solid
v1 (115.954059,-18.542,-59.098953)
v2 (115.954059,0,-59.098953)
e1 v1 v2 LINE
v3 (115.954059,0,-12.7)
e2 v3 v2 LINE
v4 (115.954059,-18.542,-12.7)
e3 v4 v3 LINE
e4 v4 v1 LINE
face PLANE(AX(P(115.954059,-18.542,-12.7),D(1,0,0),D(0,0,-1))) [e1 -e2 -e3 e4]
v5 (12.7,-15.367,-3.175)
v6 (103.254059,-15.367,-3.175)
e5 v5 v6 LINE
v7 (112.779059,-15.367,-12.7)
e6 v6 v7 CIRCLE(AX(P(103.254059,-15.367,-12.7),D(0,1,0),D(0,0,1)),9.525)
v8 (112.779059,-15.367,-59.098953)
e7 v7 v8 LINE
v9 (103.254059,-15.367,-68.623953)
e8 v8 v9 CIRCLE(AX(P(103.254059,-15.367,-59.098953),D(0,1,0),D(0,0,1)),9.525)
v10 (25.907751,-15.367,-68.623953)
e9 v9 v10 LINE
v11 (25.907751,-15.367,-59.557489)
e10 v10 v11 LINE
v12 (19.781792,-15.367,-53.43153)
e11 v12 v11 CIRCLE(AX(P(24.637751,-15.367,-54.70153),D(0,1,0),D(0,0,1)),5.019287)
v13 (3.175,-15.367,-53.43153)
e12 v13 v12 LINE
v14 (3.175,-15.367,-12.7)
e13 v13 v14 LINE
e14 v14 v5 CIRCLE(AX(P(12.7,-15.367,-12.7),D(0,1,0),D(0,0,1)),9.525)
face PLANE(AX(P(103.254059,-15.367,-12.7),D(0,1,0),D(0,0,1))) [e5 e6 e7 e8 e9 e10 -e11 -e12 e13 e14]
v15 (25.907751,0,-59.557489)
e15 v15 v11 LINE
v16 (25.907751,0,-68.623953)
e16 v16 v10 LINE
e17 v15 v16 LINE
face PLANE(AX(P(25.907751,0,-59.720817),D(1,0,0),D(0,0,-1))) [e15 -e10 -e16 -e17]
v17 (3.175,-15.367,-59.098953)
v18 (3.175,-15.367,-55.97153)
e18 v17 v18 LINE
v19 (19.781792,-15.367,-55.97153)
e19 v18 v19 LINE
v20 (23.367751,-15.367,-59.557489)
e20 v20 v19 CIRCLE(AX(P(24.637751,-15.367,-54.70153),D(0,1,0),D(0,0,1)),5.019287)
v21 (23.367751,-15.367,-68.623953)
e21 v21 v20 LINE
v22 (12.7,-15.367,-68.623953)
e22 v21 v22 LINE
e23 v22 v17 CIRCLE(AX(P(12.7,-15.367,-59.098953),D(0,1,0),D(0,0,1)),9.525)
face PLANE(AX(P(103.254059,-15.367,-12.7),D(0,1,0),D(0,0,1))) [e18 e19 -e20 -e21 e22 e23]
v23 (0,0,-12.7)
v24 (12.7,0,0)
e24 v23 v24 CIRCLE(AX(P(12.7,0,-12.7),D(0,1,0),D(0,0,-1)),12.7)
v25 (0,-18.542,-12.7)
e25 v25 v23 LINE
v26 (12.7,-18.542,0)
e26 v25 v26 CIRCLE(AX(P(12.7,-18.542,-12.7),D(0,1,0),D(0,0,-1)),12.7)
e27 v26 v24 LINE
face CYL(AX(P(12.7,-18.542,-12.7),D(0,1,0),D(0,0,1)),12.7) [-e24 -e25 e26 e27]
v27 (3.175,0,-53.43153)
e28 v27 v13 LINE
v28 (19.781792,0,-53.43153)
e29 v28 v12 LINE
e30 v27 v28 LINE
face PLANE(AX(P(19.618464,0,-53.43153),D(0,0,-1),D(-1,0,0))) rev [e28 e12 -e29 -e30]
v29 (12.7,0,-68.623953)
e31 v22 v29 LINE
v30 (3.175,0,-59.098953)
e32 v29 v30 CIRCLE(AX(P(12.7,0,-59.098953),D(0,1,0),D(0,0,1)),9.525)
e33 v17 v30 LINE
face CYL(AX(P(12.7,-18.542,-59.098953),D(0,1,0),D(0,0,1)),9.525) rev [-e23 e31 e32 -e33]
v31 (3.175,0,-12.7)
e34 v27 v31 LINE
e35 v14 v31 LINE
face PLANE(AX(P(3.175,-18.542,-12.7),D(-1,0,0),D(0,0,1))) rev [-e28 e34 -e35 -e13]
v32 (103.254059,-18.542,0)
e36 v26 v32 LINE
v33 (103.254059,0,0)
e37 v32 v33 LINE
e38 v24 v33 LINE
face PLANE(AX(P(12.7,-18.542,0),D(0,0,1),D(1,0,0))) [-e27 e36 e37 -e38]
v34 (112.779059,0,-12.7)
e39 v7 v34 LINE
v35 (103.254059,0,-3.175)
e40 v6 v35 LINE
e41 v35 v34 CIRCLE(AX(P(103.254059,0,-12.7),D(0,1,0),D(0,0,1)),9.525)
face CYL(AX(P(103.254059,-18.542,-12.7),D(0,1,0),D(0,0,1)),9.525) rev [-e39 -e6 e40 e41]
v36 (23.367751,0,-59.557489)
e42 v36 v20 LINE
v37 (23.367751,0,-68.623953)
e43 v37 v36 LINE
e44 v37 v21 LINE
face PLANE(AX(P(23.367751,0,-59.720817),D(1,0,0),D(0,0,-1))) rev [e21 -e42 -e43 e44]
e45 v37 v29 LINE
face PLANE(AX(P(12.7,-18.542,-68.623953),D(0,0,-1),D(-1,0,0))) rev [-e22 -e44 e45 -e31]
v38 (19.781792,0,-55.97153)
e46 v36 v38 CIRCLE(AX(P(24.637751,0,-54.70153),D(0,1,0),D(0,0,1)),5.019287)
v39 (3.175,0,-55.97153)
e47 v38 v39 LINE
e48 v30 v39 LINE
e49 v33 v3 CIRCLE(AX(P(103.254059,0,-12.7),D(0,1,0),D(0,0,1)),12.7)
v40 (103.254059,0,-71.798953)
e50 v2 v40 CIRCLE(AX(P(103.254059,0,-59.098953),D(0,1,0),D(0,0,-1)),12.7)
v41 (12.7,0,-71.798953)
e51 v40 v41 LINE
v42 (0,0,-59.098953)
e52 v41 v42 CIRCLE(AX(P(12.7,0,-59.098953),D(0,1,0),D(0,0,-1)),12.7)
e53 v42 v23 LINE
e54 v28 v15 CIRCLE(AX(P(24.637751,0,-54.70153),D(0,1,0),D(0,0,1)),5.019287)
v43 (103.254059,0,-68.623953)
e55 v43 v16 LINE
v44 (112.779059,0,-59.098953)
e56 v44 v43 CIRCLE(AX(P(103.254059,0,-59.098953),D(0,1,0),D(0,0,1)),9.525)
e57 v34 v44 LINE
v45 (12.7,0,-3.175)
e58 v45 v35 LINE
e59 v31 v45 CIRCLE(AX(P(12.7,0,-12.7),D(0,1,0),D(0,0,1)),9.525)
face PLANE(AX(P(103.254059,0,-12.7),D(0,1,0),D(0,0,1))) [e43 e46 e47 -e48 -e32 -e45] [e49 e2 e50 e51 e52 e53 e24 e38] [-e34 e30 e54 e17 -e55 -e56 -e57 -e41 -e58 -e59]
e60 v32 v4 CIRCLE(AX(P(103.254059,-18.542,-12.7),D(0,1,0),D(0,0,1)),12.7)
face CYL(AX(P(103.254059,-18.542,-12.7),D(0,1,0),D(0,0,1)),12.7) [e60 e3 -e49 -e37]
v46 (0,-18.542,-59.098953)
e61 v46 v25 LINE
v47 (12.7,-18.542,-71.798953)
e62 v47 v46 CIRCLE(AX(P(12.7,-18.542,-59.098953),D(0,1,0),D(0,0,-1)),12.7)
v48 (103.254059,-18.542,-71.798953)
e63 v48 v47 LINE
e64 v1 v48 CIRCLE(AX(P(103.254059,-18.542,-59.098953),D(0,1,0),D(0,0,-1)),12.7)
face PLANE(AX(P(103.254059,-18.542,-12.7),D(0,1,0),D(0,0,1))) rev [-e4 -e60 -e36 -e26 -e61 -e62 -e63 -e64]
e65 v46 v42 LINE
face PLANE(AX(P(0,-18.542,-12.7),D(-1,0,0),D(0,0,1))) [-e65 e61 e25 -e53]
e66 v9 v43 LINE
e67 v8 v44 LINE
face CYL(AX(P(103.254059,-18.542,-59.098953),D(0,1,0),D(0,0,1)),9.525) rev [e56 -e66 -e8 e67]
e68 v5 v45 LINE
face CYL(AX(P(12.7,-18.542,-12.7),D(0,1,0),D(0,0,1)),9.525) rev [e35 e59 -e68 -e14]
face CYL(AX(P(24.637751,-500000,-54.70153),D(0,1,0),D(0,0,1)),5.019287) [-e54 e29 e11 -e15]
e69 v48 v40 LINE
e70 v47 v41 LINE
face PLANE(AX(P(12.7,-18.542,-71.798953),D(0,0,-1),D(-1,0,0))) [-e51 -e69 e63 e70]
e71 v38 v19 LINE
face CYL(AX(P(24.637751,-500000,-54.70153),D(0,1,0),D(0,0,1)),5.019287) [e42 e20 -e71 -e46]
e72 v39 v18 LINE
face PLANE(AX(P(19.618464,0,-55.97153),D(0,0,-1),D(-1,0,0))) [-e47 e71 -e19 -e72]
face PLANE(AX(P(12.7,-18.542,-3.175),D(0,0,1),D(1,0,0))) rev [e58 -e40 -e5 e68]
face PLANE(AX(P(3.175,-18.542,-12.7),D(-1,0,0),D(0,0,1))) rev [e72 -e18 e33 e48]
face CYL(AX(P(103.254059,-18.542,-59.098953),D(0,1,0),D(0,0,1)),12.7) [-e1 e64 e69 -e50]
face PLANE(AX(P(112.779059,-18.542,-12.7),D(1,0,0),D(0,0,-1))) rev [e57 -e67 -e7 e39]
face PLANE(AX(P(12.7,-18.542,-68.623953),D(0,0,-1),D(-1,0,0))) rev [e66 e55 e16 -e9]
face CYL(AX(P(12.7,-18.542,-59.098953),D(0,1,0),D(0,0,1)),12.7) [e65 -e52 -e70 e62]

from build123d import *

# Parameters (mm, degrees)
BOSS_EXTRUDE1_DEPTH = 18.542
SHELL1_T            = -3.175
BOSS_EXTRUDE2_REACH = 139.638
SKETCH2_R           = 5.019286765
RIB1_REACH          = 139.638
SKETCH3_WALLS_W     = 293.719610529
SKETCH3_WALLS_H     = 2.54
SKETCH3_WALLS_W_2   = 2.54
SKETCH3_WALLS_H_2   = 286.179283193


with BuildPart() as part:
    # Sketch1 → Boss-Extrude1 (new body)
    with BuildSketch(Plane(origin=(0, 0, 0), x_dir=(1, 0, 0), z_dir=(0, 1, 0))):
        with BuildLine():
            Line((12.7, 0), (103.254058747, 0))
            ThreePointArc((103.254058747, 0), (112.234314868, 3.719743879), (115.954058747, 12.7))
            Line((115.954058747, 12.7), (115.954058747, 59.098953312))
            ThreePointArc((115.954058747, 59.098953312), (112.234314868, 68.079209433), (103.254058747, 71.798953312))
            Line((103.254058747, 71.798953312), (12.7, 71.798953312))
            ThreePointArc((12.7, 71.798953312), (3.719743879, 68.079209433), (0, 59.098953312))
            Line((0, 59.098953312), (0, 12.7))
            ThreePointArc((0, 12.7), (3.719743879, 3.719743879), (12.7, 0))
        make_face()
    extrude(amount=-BOSS_EXTRUDE1_DEPTH)

    # Shell1
    shell1_openings = [part.faces().sort_by_distance(p)[0] for p in [
        (57.977029373, 0, -35.899476656),
    ]]
    offset(amount=SHELL1_T, openings=shell1_openings, kind=Kind.INTERSECTION)

    # Sketch2 → Boss-Extrude2 (add, up to next)
    with BuildSketch(Plane(origin=(0, 0, 0), x_dir=(1, 0, 0), z_dir=(0, 1, 0)), mode=Mode.PRIVATE) as boss_extrude2_sk1:
        with Locations(Location((24.637750849, 54.7015298, 0), (0, 0, 270))):
            Circle(SKETCH2_R)
    boss_extrude2_tool1 = extrude(boss_extrude2_sk1.sketch, amount=-BOSS_EXTRUDE2_REACH, mode=Mode.PRIVATE) - part.part
    add(boss_extrude2_tool1.solids().sort_by_distance((24.637751, 0, -54.70153))[0])

    # Sketch3 walls → Rib1 (add, up to next)
    with BuildSketch(Plane(origin=(0, 0, 0), x_dir=(1, 0, 0), z_dir=(0, 1, 0)), mode=Mode.PRIVATE) as rib1_sk1:
        with Locations((11.396732042, 54.7015298)):
            Rectangle(SKETCH3_WALLS_W, SKETCH3_WALLS_H)
    rib1_tool1 = extrude(rib1_sk1.sketch, amount=-RIB1_REACH, mode=Mode.PRIVATE) - part.part
    # Sketch3 walls → Rib1 (add, up to next)
    with BuildSketch(Plane(origin=(0, 0, 0), x_dir=(1, 0, 0), z_dir=(0, 1, 0)), mode=Mode.PRIVATE) as rib1_sk2:
        with Locations((24.637750849, 64.172384939)):
            Rectangle(SKETCH3_WALLS_W_2, SKETCH3_WALLS_H_2)
    rib1_tool2 = extrude(rib1_sk2.sketch, amount=-RIB1_REACH, mode=Mode.PRIVATE) - part.part
    add(rib1_tool1.solids().sort_by_distance((11.396732042, 0, -54.7015298))[0])
    add(rib1_tool2.solids().sort_by_distance((24.637750849, 0, -64.172384939))[0])


solid = part.part
